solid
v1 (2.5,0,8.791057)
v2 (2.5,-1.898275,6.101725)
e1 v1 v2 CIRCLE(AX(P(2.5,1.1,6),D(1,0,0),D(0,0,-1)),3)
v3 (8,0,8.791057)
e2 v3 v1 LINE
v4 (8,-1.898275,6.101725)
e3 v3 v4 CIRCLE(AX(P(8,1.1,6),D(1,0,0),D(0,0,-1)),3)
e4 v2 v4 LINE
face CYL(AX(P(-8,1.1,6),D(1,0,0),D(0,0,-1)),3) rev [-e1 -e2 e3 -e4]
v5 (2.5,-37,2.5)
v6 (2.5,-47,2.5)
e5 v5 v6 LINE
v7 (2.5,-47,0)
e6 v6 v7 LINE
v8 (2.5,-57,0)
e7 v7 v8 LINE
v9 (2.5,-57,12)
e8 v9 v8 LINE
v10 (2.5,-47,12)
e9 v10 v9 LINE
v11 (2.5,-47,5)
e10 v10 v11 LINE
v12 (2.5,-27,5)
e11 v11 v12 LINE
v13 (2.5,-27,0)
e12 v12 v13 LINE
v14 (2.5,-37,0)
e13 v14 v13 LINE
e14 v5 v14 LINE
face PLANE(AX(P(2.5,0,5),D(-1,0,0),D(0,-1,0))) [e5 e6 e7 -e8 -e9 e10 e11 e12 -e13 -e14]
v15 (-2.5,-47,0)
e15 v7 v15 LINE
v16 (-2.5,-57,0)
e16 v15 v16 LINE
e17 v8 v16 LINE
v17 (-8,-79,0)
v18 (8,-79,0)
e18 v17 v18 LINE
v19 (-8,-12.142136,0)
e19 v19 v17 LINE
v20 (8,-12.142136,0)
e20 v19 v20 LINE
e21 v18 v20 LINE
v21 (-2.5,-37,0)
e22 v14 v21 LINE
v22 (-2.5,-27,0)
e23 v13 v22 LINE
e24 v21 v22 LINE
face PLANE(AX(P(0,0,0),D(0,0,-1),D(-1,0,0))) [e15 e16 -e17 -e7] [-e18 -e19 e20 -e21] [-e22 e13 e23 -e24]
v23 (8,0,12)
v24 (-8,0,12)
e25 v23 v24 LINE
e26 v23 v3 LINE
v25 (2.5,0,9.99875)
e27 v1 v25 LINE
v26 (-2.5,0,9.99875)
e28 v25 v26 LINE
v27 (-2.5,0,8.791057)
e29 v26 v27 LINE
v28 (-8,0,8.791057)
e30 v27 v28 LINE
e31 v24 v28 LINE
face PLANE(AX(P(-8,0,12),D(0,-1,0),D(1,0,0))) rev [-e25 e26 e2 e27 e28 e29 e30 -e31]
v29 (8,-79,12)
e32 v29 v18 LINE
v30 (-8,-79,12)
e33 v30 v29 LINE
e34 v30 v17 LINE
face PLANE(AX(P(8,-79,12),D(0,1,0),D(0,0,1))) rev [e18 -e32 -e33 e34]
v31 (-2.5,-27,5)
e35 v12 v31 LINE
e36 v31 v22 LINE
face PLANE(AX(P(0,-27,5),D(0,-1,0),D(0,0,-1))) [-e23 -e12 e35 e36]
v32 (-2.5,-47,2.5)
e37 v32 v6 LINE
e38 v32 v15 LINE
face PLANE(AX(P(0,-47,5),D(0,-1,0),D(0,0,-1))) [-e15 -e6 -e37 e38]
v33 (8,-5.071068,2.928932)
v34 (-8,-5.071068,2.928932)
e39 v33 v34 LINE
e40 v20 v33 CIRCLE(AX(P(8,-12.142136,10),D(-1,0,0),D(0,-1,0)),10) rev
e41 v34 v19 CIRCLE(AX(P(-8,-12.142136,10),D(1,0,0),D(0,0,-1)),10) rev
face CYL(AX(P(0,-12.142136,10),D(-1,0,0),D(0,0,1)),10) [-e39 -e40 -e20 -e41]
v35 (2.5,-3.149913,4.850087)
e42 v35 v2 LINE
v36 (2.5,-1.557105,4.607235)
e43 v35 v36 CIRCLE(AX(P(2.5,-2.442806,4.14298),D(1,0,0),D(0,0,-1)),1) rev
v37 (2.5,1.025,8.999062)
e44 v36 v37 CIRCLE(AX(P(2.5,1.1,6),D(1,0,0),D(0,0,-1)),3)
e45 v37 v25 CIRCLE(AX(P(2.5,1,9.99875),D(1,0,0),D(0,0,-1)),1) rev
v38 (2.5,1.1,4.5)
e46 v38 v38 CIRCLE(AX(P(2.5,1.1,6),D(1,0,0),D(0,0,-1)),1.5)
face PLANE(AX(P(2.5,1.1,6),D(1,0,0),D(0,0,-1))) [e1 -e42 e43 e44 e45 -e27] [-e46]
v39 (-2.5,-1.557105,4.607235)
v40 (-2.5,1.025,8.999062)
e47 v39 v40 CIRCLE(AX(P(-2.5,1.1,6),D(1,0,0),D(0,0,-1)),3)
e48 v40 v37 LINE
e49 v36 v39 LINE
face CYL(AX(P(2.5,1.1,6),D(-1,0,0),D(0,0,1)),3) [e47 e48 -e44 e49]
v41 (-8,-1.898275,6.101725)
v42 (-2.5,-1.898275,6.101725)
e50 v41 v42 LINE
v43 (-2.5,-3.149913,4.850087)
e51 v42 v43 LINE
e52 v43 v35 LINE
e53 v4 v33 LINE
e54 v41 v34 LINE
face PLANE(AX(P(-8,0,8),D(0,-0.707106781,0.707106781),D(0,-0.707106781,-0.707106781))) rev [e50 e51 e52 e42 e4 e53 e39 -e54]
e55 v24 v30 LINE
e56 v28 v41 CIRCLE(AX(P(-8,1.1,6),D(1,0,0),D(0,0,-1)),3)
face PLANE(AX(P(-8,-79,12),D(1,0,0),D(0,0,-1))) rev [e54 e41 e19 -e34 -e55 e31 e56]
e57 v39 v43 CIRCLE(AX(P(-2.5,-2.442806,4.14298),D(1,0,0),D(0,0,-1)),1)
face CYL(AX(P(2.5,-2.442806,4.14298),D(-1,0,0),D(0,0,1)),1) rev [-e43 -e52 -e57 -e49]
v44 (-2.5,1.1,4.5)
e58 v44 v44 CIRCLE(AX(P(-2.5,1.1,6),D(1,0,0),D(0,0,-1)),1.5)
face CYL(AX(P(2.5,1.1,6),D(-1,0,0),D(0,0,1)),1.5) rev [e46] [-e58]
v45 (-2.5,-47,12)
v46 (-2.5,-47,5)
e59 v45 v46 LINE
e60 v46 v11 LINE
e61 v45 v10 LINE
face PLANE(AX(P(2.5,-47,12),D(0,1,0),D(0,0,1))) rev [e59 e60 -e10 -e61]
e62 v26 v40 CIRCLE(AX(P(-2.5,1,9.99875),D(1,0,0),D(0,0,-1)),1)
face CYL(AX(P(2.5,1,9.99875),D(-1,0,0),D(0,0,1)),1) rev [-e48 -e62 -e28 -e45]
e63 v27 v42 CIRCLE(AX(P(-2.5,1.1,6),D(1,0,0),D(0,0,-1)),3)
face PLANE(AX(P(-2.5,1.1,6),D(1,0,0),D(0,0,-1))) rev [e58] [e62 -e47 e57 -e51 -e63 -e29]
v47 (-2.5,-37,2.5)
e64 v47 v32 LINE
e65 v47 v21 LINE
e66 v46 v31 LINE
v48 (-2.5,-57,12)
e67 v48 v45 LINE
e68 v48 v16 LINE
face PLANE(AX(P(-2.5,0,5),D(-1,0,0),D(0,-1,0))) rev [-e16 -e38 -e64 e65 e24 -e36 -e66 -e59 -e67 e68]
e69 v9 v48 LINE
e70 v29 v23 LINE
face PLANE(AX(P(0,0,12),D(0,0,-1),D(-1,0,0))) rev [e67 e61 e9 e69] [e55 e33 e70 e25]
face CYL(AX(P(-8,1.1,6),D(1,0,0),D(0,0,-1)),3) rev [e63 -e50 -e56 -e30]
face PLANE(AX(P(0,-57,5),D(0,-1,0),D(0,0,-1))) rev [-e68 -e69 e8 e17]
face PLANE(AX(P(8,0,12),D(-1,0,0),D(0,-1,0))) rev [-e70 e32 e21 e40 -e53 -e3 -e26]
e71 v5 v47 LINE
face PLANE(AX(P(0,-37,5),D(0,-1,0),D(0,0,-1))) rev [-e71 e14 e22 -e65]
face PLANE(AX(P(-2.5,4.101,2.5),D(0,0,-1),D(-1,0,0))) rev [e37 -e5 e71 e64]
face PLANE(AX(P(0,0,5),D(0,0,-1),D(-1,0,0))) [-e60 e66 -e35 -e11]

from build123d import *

# Parameters (mm, degrees)
SKETCH1_W               = 16
SKETCH1_H               = 79
BOSS_EXTRUDE1_DEPTH     = 12
CUT_EXTRUDE1_DEPTH      = 81.305666052
CUT_EXTRUDE1_DEPTH_BACK = 81.305666052
CUT_EXTRUDE2_DEPTH      = 81.305666052
CUT_EXTRUDE2_DEPTH_BACK = 81.305666052
SKETCH4_R               = 3
SKETCH4_R_2             = 1.5
BOSS_EXTRUDE2_DEPTH     = 2.5
FILLET1_R               = 1
FILLET2_R               = 10
SKETCH5_W               = 5
SKETCH5_H               = 10
CUT_EXTRUDE3_DEPTH      = 5
CUT_EXTRUDE4_REACH      = 55.096
SKETCH6_W               = 5
SKETCH6_H               = 2.5
SKETCH7_W               = 5
SKETCH7_H               = 10
CUT_EXTRUDE5_DEPTH      = 81.305666052


with BuildPart() as part:
    # Sketch1 → Boss-Extrude1 (new body)
    with BuildSketch(Plane.XY):
        with Locations((0, -39.5)):
            Rectangle(SKETCH1_W, SKETCH1_H)
    extrude(amount=BOSS_EXTRUDE1_DEPTH)

    # Sketch2 → Cut-Extrude1 (cut, two sides: drawn at the far end of the back side and taken through both)
    with BuildSketch(Plane(origin=(0, 0, 0), x_dir=(0, 0, -1), z_dir=(1, 0, 0)).offset(-CUT_EXTRUDE1_DEPTH_BACK)):
        Polygon((-8, 0), (0, 0), (0, -8), align=None)
    extrude(amount=CUT_EXTRUDE1_DEPTH + CUT_EXTRUDE1_DEPTH_BACK, mode=Mode.SUBTRACT)

    # Sketch3 → Cut-Extrude2 (cut, two sides: drawn at the far end of the back side and taken through both)
    with BuildSketch(Plane(origin=(0, 0, 0), x_dir=(0, 0, -1), z_dir=(1, 0, 0)).offset(-CUT_EXTRUDE2_DEPTH_BACK)):
        with BuildLine():
            ThreePointArc((-3, 1.1), (-6.559834153, 4.04730143), (-8.791057147, 0))
            Line((-8.791057147, 0), (-7.019803903, 0))
            ThreePointArc((-7.019803903, 0), (-6.600122548, 2.474719218), (-4.5, 1.1))
            ThreePointArc((-4.5, 1.1), (-4.625280782, 0.499877452), (-4.980196097, 0))
            Line((-4.980196097, 0), (-3.208942853, 0))
            ThreePointArc((-3.208942853, 0), (-3.05269857, 0.540165847), (-3, 1.1))
        make_face()
        with BuildLine():
            Line((-7.019803903, 0), (-8.791057147, 0))
            ThreePointArc((-8.791057147, 0), (-6, -1.9), (-3.208942853, 0))
            Line((-3.208942853, 0), (-4.980196097, 0))
            ThreePointArc((-4.980196097, 0), (-6, -0.4), (-7.019803903, 0))
        make_face()
    extrude(amount=CUT_EXTRUDE2_DEPTH + CUT_EXTRUDE2_DEPTH_BACK, mode=Mode.SUBTRACT)

    # Sketch4 → Boss-Extrude2 (add, symmetric)
    with BuildSketch(Plane(origin=(0, 0, 0), x_dir=(0, 0, -1), z_dir=(1, 0, 0))):
        with Locations((-6, 1.1)):
            Circle(SKETCH4_R)
        with Locations((-6, 1.1)):
            Circle(SKETCH4_R_2, mode=Mode.SUBTRACT)
    extrude(amount=BOSS_EXTRUDE2_DEPTH, both=True)

    # Fillet1
    fillet1_edges = [part.edges().sort_by_distance(p)[0] for p in [
        (0, -1.898274836, 6.101725164),
        (0, 0, 8.791057147),
    ]]
    fillet(fillet1_edges, radius=FILLET1_R)

    # Fillet2
    fillet2_edges = [part.edges().sort_by_distance(p)[0] for p in [
        (0, -8, 0),
    ]]
    fillet(fillet2_edges, radius=FILLET2_R)

    # Sketch5 → Cut-Extrude3 (cut)
    with BuildSketch(Plane(origin=(0, 0, 0), x_dir=(-1, 0, 0), z_dir=(0, 0, -1))):
        with Locations((0, -32)):
            Rectangle(SKETCH5_W, SKETCH5_H)
        with Locations((0, -52)):
            Rectangle(SKETCH5_W, SKETCH5_H)
    extrude(amount=-CUT_EXTRUDE3_DEPTH, mode=Mode.SUBTRACT)

    # Sketch6 → Cut-Extrude4 (cut, up to next)
    with BuildSketch(Plane.XZ.offset(47), mode=Mode.PRIVATE) as cut_extrude4_sk1:
        with Locations((0, 3.75)):
            Rectangle(SKETCH6_W, SKETCH6_H)
    cut_extrude4_tool1 = extrude(cut_extrude4_sk1.sketch, amount=-CUT_EXTRUDE4_REACH, mode=Mode.PRIVATE) & part.part
    add(cut_extrude4_tool1.solids().sort_by_distance((0, -47, 3.75))[0], mode=Mode.SUBTRACT)

    # Sketch7 → Cut-Extrude5 (cut, through all)
    with BuildSketch(Plane(origin=(0, 0, 0), x_dir=(-1, 0, 0), z_dir=(0, 0, -1))):
        with Locations((0, -52)):
            Rectangle(SKETCH7_W, SKETCH7_H)
    extrude(amount=-CUT_EXTRUDE5_DEPTH, mode=Mode.SUBTRACT)


solid = part.part
